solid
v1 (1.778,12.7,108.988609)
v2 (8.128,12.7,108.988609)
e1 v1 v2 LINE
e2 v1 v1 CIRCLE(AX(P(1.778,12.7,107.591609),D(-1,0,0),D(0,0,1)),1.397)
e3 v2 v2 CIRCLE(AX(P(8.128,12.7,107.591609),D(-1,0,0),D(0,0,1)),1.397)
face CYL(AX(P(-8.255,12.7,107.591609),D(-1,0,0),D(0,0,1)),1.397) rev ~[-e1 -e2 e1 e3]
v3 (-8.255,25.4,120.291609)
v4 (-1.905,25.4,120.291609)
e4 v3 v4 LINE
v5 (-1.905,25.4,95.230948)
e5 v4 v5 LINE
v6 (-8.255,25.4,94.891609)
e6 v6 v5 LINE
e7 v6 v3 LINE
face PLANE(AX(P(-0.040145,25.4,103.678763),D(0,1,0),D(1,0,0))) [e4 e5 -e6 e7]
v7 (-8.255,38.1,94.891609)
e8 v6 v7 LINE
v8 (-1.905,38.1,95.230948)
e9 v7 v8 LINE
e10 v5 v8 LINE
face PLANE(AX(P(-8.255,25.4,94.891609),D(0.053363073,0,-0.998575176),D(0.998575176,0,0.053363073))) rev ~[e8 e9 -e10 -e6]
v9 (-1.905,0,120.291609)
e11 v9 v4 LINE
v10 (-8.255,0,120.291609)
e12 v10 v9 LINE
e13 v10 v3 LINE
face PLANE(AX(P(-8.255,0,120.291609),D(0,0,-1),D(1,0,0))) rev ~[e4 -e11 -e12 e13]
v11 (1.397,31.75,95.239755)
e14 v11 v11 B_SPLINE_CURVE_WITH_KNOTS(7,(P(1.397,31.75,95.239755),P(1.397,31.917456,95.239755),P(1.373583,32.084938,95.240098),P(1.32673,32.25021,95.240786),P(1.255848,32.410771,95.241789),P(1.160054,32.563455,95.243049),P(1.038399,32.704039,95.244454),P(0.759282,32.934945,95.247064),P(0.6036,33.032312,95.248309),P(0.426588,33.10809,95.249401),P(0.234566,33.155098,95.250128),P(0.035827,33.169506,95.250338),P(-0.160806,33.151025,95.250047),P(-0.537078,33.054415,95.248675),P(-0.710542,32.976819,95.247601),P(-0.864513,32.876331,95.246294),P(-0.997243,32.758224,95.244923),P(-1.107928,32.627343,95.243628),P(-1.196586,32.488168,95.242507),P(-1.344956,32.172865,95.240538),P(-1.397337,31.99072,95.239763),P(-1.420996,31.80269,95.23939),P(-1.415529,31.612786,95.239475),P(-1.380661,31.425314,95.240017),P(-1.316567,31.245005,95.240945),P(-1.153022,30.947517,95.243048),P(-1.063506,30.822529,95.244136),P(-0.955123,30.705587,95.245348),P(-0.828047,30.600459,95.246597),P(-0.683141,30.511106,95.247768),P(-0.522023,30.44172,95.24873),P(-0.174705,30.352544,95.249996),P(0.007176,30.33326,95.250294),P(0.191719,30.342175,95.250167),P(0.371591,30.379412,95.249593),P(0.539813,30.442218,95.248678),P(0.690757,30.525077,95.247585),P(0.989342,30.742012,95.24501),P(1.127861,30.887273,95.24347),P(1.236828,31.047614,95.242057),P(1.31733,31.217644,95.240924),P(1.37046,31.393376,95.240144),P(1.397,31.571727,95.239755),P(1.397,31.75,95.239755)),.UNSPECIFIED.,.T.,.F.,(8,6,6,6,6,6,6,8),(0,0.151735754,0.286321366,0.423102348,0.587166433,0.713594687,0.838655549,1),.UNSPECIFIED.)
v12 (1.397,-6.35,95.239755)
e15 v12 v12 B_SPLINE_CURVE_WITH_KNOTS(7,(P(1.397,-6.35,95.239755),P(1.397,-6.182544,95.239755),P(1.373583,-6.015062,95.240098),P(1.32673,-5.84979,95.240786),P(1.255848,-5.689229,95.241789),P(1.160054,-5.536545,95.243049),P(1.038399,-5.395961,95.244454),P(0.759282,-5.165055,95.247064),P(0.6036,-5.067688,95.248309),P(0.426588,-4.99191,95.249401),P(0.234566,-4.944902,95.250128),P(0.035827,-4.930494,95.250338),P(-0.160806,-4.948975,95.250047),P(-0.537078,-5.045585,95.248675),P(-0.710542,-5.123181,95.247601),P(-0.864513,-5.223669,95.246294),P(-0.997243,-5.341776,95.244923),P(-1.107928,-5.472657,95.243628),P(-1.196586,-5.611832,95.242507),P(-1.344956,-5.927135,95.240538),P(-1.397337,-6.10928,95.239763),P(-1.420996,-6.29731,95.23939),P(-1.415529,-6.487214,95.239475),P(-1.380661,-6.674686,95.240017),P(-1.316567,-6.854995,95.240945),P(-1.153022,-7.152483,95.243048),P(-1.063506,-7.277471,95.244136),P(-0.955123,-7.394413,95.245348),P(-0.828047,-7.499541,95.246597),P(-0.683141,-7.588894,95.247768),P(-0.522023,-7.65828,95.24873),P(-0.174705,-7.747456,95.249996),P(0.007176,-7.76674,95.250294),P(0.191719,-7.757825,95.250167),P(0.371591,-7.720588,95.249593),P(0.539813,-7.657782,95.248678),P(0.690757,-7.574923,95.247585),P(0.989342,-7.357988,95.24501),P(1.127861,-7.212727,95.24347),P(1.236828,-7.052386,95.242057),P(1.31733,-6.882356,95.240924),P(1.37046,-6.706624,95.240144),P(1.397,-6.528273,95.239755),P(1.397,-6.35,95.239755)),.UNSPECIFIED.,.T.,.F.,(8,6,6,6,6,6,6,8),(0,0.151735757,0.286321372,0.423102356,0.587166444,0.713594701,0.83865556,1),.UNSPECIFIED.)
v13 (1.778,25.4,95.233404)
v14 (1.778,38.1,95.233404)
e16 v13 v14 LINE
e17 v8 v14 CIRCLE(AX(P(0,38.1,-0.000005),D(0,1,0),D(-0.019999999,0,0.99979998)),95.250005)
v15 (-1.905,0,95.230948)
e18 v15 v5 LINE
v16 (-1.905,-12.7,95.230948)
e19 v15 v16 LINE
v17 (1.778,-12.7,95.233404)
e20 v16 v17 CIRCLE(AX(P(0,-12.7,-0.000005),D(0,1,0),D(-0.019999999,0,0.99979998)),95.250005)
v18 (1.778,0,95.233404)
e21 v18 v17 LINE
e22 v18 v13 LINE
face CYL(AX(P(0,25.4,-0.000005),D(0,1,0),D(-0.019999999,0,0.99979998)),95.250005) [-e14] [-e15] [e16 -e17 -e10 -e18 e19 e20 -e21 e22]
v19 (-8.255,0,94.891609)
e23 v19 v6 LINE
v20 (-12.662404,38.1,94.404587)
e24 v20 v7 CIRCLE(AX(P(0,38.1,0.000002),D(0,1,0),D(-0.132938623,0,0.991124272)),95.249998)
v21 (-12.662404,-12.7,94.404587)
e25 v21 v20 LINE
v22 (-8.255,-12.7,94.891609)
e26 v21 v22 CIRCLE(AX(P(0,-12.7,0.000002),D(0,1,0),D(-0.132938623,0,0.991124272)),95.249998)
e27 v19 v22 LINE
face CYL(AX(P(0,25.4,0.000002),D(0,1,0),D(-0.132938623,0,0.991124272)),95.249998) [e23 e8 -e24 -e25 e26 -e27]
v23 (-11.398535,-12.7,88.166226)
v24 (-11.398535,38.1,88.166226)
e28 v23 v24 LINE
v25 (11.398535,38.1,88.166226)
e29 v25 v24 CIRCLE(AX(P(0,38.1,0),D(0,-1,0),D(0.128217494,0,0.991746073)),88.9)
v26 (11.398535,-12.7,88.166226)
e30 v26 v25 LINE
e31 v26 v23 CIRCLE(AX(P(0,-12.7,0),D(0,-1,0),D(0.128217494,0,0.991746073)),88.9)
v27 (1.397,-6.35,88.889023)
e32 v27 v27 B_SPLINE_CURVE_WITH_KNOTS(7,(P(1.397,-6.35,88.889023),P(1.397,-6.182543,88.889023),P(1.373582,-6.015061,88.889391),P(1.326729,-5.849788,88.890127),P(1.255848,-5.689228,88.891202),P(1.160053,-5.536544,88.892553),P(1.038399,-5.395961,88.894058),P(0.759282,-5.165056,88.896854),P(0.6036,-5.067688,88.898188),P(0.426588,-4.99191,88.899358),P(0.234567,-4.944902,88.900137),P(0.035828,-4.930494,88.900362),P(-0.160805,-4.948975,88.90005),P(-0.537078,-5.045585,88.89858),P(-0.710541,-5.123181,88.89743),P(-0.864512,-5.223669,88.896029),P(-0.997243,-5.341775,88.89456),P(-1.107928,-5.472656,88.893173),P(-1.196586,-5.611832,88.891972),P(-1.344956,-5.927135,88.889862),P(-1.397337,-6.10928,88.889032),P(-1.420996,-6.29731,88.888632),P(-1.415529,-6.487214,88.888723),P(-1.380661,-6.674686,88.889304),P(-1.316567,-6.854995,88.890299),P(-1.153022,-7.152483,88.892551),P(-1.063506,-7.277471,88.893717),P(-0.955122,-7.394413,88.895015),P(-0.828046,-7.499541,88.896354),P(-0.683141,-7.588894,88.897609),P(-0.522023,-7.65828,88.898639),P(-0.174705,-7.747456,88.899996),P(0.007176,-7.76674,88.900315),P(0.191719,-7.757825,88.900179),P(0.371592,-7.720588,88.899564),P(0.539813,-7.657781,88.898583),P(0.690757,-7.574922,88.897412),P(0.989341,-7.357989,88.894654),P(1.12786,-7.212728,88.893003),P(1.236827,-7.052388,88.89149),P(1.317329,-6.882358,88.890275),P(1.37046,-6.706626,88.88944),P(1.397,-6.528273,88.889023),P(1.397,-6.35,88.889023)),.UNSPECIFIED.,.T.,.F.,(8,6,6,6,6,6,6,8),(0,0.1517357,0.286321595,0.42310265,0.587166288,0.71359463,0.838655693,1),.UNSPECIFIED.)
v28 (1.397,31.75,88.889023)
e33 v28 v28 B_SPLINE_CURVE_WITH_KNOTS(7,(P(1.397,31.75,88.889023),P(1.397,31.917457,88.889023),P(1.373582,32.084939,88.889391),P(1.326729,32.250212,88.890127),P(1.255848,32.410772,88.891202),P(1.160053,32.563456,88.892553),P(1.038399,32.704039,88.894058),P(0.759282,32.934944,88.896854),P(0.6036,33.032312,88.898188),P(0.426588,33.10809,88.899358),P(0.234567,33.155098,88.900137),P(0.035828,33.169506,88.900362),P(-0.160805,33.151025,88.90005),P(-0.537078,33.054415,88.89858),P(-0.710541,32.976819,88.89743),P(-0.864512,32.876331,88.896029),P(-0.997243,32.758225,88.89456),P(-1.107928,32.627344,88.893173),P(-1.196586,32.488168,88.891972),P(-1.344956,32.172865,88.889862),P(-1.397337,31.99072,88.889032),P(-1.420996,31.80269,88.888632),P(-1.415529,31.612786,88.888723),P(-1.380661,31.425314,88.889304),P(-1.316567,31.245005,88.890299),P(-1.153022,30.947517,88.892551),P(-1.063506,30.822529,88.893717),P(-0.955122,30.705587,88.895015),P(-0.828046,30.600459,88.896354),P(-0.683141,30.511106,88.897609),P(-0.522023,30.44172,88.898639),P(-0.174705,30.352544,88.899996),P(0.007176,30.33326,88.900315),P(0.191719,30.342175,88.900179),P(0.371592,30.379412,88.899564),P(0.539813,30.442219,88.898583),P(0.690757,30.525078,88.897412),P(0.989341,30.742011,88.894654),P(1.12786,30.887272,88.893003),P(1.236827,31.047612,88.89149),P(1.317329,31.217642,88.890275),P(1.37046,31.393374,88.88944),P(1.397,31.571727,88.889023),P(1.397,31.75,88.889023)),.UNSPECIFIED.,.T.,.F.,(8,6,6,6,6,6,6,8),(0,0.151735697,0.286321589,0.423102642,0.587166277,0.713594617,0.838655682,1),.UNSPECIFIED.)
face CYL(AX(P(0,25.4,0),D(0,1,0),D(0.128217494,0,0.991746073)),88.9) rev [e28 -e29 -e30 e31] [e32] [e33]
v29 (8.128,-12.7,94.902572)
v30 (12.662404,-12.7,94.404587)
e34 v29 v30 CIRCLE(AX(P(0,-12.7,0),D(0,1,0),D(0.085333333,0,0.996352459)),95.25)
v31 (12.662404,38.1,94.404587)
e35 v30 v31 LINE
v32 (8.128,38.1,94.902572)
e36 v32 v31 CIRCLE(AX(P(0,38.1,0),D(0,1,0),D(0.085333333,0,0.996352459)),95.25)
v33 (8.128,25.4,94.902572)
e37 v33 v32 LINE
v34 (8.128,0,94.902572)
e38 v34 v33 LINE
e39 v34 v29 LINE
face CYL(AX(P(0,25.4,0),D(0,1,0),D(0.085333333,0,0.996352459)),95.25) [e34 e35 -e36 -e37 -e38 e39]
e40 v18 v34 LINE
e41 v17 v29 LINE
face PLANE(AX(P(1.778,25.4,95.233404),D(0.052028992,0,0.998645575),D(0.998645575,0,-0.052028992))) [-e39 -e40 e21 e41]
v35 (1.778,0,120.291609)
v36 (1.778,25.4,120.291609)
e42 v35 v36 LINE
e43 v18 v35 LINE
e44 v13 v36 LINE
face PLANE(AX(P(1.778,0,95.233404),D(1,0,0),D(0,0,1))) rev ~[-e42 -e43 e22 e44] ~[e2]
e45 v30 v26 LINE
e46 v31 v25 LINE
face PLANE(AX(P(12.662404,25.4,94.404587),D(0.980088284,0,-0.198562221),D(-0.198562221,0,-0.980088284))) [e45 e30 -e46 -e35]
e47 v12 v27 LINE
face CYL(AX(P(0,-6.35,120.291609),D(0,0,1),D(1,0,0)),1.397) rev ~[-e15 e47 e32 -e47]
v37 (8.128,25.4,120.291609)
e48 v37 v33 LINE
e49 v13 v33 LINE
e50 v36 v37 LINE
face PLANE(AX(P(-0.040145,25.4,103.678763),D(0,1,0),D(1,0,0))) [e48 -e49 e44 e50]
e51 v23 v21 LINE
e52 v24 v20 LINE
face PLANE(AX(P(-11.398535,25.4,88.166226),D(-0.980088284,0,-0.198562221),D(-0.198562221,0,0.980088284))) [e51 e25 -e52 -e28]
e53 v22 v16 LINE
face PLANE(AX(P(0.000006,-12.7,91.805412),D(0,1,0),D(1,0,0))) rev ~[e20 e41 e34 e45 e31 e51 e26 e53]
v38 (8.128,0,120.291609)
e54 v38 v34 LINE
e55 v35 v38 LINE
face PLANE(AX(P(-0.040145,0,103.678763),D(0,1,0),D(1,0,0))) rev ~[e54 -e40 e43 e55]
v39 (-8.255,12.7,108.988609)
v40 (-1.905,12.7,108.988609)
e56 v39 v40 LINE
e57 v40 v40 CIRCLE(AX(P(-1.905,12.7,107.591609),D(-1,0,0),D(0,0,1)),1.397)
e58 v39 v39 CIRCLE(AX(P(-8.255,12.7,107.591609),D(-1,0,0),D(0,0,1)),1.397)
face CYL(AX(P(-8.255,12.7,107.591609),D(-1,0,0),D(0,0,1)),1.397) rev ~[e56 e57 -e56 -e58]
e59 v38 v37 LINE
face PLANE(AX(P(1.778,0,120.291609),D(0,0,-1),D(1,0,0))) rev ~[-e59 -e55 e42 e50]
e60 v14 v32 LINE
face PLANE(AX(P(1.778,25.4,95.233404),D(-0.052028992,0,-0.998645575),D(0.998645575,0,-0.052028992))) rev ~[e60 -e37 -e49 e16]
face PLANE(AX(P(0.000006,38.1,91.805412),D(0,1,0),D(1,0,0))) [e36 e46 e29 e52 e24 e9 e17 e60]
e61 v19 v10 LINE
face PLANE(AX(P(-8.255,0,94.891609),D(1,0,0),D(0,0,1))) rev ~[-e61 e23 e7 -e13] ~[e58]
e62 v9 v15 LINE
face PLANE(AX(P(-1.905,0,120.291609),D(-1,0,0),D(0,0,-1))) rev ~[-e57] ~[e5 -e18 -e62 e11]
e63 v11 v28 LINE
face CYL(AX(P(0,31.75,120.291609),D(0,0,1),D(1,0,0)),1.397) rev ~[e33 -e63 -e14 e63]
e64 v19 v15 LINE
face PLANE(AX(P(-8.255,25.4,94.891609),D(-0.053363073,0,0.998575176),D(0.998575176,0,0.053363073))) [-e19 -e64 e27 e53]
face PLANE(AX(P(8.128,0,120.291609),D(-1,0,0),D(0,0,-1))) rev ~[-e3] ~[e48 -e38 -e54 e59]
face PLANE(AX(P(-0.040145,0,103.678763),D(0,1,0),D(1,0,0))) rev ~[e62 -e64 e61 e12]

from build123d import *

# Parameters (mm, degrees)
BOSS_EXTRUDE1_DEPTH      = 25.4
SKETCH3_R                = 1.397
CUT_EXTRUDE2_DEPTH       = 25.4
BOSS_EXTRUDE2_DEPTH      = 12.7
BOSS_EXTRUDE2_DEPTH_BACK = 38.1
CUT_EXTRUDE3_REACH       = 34.125
SKETCH5_R                = 1.397


with BuildPart() as part:
    # Sketch1 → Boss-Extrude1 (new body)
    with BuildSketch(Plane(origin=(0, 0, 0), x_dir=(1, 0, 0), z_dir=(0, 1, 0))):
        with BuildLine():
            Line((-8.255, -94.891609086), (-8.255, -120.291609086))
            Line((-8.255, -120.291609086), (-1.905, -120.291609086))
            Line((-1.905, -120.291609086), (-1.905, -95.230948095))
            ThreePointArc((-1.905, -95.230948095), (-0.063511871, -95.249978825), (1.778, -95.233403888))
            Line((1.778, -95.233403888), (1.778, -120.291609086))
            Line((1.778, -120.291609086), (8.128, -120.291609086))
            Line((8.128, -120.291609086), (8.128, -94.902571704))
            ThreePointArc((8.128, -94.902571704), (10.398183486, -94.680728135), (12.662403805, -94.404586911))
            Line((12.662403805, -94.404586911), (11.398535202, -88.166225933))
            ThreePointArc((11.398535202, -88.166225933), (0, -88.9), (-11.398535202, -88.166225933))
            Line((-11.398535202, -88.166225933), (-12.662403805, -94.404586911))
            ThreePointArc((-12.662403805, -94.404586911), (-10.461536366, -94.673749038), (-8.255, -94.891609086))
        make_face()
    extrude(amount=BOSS_EXTRUDE1_DEPTH)

    # Sketch3 → Cut-Extrude2 (cut)
    with BuildSketch(Plane.ZY.offset(8.255)):
        with Locations((107.591609086, 12.7)):
            Circle(SKETCH3_R)
    extrude(amount=-CUT_EXTRUDE2_DEPTH, mode=Mode.SUBTRACT)

    # Sketch4 → Boss-Extrude2 (add, two sides)
    with BuildSketch(Plane(origin=(0, 25.4, 0), x_dir=(1, 0, 0), z_dir=(0, 1, 0))) as boss_extrude2_sk:
        with BuildLine():
            Line((1.778, -95.233403888), (8.128, -94.902571704))
            ThreePointArc((8.128, -94.902571704), (10.398183486, -94.680728135), (12.662403805, -94.404586911))
            Line((12.662403805, -94.404586911), (11.398535202, -88.166225933))
            ThreePointArc((11.398535202, -88.166225933), (0, -88.9), (-11.398535202, -88.166225933))
            Line((-11.398535202, -88.166225933), (-12.662403805, -94.404586911))
            ThreePointArc((-12.662403805, -94.404586911), (-10.461536366, -94.673749038), (-8.255, -94.891609086))
            Line((-8.255, -94.891609086), (-1.905, -95.230948095))
            ThreePointArc((-1.905, -95.230948095), (-0.063511871, -95.249978825), (1.778, -95.233403888))
        make_face()
    extrude(amount=BOSS_EXTRUDE2_DEPTH)
    extrude(boss_extrude2_sk.sketch, amount=-BOSS_EXTRUDE2_DEPTH_BACK)

    # Sketch5 → Cut-Extrude3 (cut, up to next)
    with BuildSketch(Plane.XY.offset(120.291609086), mode=Mode.PRIVATE) as cut_extrude3_sk1:
        with Locations((0, 31.75)):
            Circle(SKETCH5_R)
    cut_extrude3_tool1 = extrude(cut_extrude3_sk1.sketch, amount=-CUT_EXTRUDE3_REACH, mode=Mode.PRIVATE) & part.part
    add(cut_extrude3_tool1.solids().sort_by_distance((0, 31.75, 120.291609))[0], mode=Mode.SUBTRACT)
    # Sketch5 → Cut-Extrude3 (cut, up to next)
    with BuildSketch(Plane.XY.offset(120.291609086), mode=Mode.PRIVATE) as cut_extrude3_sk2:
        with Locations((0, -6.35)):
            Circle(SKETCH5_R)
    cut_extrude3_tool2 = extrude(cut_extrude3_sk2.sketch, amount=-CUT_EXTRUDE3_REACH, mode=Mode.PRIVATE) & part.part
    add(cut_extrude3_tool2.solids().sort_by_distance((0, -6.35, 120.291609))[0], mode=Mode.SUBTRACT)


solid = part.part
